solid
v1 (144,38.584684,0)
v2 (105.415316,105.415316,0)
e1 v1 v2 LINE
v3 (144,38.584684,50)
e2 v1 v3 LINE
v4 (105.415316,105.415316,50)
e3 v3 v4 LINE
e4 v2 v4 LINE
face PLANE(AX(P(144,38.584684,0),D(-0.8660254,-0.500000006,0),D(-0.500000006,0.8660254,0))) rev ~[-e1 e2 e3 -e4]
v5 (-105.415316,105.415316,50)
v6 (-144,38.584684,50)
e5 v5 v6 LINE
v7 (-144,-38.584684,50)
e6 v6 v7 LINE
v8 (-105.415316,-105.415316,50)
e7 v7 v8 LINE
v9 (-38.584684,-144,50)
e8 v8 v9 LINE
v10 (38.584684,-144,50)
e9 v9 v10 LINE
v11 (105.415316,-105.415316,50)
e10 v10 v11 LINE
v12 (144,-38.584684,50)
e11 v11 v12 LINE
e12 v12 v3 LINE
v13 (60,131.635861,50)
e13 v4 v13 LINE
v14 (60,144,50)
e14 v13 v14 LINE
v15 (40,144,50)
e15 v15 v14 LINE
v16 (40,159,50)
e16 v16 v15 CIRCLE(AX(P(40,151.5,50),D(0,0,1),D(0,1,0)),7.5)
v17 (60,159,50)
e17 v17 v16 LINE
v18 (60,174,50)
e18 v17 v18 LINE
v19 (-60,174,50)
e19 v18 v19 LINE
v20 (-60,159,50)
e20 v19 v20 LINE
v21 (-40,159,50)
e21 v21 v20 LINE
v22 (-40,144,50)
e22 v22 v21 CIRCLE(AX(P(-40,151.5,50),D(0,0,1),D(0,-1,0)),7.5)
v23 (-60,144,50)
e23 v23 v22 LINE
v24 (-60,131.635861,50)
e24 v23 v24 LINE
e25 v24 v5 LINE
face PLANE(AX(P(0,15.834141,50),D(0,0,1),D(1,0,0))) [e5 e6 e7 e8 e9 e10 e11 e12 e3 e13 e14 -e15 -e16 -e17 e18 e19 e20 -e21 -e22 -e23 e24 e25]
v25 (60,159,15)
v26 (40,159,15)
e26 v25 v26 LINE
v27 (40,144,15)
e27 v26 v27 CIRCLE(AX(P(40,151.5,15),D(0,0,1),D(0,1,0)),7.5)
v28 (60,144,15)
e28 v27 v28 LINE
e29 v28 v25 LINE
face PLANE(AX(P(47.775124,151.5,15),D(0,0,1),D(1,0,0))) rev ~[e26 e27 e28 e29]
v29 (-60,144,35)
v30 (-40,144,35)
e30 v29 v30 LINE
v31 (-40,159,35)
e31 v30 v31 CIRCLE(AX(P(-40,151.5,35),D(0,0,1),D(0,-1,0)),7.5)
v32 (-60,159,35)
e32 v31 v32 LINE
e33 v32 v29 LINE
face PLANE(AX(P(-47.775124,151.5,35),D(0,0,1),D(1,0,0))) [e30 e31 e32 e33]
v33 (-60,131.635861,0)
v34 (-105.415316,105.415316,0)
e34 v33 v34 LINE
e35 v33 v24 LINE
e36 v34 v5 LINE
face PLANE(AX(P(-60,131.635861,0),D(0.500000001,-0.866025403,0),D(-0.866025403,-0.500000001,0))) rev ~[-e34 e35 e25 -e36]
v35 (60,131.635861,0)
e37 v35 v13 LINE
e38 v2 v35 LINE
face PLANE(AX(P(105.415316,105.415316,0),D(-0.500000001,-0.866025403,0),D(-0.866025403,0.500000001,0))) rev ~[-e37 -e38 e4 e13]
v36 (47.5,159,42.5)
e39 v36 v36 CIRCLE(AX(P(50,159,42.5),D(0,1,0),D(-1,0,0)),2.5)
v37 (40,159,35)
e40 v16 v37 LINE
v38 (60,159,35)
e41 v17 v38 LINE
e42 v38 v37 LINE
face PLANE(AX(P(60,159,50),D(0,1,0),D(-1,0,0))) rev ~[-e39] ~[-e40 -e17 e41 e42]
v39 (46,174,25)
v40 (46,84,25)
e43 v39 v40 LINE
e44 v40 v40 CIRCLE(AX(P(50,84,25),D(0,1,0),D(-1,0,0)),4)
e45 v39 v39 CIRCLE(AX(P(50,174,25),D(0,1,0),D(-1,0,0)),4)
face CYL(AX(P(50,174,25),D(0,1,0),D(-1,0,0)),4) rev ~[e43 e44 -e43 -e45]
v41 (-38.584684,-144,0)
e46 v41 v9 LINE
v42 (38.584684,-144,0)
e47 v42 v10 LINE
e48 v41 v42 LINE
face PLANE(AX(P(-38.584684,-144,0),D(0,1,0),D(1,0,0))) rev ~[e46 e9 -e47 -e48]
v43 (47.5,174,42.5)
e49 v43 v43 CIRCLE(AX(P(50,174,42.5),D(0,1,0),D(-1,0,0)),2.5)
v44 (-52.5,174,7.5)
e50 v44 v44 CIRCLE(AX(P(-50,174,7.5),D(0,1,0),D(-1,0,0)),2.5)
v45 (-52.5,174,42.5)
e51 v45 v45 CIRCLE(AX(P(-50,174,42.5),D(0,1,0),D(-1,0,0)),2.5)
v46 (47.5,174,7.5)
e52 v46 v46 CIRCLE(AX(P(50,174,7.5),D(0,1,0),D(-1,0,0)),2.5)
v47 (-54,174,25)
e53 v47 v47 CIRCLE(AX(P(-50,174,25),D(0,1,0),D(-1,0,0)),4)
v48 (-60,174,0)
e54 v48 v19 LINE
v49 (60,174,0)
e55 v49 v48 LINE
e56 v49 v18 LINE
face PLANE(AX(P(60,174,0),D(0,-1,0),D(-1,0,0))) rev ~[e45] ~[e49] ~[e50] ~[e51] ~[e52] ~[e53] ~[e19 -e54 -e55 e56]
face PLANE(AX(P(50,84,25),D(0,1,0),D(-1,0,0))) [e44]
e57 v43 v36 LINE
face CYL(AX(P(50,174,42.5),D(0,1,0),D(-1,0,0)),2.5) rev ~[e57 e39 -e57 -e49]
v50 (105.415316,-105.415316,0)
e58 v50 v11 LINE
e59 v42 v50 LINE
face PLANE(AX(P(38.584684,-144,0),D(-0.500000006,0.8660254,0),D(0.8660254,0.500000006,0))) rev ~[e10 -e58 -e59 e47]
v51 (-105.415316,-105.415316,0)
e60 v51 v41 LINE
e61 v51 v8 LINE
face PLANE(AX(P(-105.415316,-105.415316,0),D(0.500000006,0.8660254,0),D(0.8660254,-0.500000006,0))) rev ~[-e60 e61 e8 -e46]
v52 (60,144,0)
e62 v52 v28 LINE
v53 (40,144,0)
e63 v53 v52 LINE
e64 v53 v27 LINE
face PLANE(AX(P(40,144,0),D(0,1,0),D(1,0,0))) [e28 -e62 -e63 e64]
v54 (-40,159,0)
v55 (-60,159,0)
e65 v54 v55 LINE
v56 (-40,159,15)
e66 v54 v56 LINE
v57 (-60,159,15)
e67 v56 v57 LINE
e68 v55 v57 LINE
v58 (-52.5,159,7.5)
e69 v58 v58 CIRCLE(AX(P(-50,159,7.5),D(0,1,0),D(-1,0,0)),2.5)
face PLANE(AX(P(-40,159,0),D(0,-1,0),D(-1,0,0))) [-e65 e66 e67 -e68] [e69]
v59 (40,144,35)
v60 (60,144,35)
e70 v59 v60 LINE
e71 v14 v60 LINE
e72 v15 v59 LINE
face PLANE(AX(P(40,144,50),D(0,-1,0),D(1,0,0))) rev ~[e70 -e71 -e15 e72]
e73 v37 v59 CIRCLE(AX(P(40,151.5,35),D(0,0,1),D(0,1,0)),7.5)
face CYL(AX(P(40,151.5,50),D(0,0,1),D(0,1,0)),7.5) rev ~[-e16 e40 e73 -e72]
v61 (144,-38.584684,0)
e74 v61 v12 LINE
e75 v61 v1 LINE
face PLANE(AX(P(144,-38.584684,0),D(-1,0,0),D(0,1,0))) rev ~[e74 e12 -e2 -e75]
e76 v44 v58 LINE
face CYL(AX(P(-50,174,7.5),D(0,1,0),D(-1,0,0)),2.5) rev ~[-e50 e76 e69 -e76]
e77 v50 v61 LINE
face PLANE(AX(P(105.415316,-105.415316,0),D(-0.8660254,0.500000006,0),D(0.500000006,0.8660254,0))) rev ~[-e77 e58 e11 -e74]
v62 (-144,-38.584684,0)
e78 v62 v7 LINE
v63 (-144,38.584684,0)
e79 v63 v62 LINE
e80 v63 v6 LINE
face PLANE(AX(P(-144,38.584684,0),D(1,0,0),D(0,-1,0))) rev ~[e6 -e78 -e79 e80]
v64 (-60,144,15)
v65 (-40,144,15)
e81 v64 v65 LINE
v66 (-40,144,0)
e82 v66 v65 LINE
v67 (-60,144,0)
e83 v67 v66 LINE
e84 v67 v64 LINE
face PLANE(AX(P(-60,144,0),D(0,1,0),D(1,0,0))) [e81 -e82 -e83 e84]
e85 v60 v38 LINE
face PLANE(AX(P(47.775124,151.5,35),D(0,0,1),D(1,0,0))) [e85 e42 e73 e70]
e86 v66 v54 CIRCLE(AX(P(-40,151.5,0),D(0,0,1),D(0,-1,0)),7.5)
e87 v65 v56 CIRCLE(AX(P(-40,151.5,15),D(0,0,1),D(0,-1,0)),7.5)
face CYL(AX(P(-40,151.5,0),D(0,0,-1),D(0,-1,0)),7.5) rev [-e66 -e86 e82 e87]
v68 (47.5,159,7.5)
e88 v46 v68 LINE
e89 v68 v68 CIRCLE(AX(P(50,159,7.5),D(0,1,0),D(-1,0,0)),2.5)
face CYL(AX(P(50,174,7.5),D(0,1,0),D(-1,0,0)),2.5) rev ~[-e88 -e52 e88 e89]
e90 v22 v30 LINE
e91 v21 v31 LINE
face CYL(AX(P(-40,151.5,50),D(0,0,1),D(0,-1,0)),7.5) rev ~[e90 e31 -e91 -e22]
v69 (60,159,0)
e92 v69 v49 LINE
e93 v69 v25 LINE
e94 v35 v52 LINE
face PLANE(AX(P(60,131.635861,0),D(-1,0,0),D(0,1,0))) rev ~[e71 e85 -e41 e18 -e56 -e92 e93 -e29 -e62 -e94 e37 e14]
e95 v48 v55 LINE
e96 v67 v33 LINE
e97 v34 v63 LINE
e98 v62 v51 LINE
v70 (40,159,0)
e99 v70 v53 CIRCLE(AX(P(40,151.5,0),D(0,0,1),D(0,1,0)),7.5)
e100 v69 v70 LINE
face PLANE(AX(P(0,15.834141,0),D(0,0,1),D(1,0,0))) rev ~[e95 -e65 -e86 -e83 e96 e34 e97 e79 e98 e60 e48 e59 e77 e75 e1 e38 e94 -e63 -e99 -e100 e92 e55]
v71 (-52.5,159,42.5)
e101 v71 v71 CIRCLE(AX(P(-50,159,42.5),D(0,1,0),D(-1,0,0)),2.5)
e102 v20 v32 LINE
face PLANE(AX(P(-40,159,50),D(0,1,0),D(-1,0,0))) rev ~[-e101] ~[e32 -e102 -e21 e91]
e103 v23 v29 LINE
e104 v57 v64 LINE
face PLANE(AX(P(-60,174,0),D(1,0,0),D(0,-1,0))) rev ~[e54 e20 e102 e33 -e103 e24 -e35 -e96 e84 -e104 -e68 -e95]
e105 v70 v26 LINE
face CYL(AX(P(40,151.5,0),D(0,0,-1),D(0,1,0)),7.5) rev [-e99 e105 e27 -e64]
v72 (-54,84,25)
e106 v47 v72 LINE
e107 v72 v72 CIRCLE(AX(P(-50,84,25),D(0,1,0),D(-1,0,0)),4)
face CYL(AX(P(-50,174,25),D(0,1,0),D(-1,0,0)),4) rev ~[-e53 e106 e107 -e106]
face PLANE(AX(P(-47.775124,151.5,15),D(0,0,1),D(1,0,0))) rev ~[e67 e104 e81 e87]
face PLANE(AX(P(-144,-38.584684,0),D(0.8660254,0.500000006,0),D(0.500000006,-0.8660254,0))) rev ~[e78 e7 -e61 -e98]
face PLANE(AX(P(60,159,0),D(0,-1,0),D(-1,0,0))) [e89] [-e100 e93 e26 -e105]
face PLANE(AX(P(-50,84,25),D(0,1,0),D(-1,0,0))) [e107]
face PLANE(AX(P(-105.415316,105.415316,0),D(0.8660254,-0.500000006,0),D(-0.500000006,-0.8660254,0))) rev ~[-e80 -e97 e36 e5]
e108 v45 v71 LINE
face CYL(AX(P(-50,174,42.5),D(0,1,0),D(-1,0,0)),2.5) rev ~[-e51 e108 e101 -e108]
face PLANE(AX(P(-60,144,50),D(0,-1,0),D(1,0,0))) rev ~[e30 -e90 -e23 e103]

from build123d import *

# Parameters (mm, degrees)
F1_DEPTH = 50
F3_DEPTH = 15
F5_DEPTH = 15
F6_R     = 4
F7_DEPTH = 90
F6_R_2   = 2.5
F8_DEPTH = 15


with BuildPart() as f1:
    # F0 (on Top) → F1 (new body)
    with BuildSketch(Plane.XY):
        Polygon((144, 38.584684), (105.415316, 105.415316), (60, 131.635861), (60, 174), (-60, 174), (-60, 131.635861), (-105.415316, 105.415316), (-144, 38.584684), (-144, -38.584684), (-105.415316, -105.415316), (-38.584684, -144), (38.584684, -144), (105.415316, -105.415316), (144, -38.584684), align=None)
    extrude(amount=F1_DEPTH)

    # F2 (on face) → F3 (cut)
    with BuildSketch(Plane.XY.offset(50)):
        with BuildLine():
            Line((-40, 159), (-60, 159))
            Line((-60, 159), (-60, 144))
            Line((-60, 144), (-40, 144))
            ThreePointArc((-40, 144), (-32.5, 151.5), (-40, 159))
        make_face()
        with BuildLine():
            Line((60, 144), (60, 159))
            Line((60, 159), (40, 159))
            ThreePointArc((40, 159), (32.5, 151.5), (40, 144))
            Line((40, 144), (60, 144))
        make_face()
    extrude(amount=-F3_DEPTH, mode=Mode.SUBTRACT)

    # F4 (on face) → F5 (cut)
    with BuildSketch(Plane.XY):
        with BuildLine():
            Line((60, 144), (60, 159))
            Line((60, 159), (40, 159))
            ThreePointArc((40, 159), (32.5, 151.5), (40, 144))
            Line((40, 144), (60, 144))
        make_face()
        with BuildLine():
            Line((-40, 159), (-60, 159))
            Line((-60, 159), (-60, 144))
            Line((-60, 144), (-40, 144))
            ThreePointArc((-40, 144), (-32.5, 151.5), (-40, 159))
        make_face()
    extrude(amount=F5_DEPTH, mode=Mode.SUBTRACT)

    # F6 (on face) → F7 (cut)
    with BuildSketch(Plane(origin=(0, 174, 0), x_dir=(-1, 0, 0), z_dir=(0, 1, 0))):
        with Locations((-50, 25)):
            Circle(F6_R)
        with Locations((50, 25)):
            Circle(F6_R)
    extrude(amount=-F7_DEPTH, mode=Mode.SUBTRACT)

    # F6 (on face) → F8 (cut, through all)
    with BuildSketch(Plane(origin=(0, 174, 0), x_dir=(-1, 0, 0), z_dir=(0, 1, 0))):
        with Locations((-50, 42.5)):
            Circle(F6_R_2)
        with Locations((-50, 7.5)):
            Circle(F6_R_2)
        with Locations((50, 7.5)):
            Circle(F6_R_2)
        with Locations((50, 42.5)):
            Circle(F6_R_2)
    extrude(amount=-F8_DEPTH, mode=Mode.SUBTRACT)


solid = f1.part
